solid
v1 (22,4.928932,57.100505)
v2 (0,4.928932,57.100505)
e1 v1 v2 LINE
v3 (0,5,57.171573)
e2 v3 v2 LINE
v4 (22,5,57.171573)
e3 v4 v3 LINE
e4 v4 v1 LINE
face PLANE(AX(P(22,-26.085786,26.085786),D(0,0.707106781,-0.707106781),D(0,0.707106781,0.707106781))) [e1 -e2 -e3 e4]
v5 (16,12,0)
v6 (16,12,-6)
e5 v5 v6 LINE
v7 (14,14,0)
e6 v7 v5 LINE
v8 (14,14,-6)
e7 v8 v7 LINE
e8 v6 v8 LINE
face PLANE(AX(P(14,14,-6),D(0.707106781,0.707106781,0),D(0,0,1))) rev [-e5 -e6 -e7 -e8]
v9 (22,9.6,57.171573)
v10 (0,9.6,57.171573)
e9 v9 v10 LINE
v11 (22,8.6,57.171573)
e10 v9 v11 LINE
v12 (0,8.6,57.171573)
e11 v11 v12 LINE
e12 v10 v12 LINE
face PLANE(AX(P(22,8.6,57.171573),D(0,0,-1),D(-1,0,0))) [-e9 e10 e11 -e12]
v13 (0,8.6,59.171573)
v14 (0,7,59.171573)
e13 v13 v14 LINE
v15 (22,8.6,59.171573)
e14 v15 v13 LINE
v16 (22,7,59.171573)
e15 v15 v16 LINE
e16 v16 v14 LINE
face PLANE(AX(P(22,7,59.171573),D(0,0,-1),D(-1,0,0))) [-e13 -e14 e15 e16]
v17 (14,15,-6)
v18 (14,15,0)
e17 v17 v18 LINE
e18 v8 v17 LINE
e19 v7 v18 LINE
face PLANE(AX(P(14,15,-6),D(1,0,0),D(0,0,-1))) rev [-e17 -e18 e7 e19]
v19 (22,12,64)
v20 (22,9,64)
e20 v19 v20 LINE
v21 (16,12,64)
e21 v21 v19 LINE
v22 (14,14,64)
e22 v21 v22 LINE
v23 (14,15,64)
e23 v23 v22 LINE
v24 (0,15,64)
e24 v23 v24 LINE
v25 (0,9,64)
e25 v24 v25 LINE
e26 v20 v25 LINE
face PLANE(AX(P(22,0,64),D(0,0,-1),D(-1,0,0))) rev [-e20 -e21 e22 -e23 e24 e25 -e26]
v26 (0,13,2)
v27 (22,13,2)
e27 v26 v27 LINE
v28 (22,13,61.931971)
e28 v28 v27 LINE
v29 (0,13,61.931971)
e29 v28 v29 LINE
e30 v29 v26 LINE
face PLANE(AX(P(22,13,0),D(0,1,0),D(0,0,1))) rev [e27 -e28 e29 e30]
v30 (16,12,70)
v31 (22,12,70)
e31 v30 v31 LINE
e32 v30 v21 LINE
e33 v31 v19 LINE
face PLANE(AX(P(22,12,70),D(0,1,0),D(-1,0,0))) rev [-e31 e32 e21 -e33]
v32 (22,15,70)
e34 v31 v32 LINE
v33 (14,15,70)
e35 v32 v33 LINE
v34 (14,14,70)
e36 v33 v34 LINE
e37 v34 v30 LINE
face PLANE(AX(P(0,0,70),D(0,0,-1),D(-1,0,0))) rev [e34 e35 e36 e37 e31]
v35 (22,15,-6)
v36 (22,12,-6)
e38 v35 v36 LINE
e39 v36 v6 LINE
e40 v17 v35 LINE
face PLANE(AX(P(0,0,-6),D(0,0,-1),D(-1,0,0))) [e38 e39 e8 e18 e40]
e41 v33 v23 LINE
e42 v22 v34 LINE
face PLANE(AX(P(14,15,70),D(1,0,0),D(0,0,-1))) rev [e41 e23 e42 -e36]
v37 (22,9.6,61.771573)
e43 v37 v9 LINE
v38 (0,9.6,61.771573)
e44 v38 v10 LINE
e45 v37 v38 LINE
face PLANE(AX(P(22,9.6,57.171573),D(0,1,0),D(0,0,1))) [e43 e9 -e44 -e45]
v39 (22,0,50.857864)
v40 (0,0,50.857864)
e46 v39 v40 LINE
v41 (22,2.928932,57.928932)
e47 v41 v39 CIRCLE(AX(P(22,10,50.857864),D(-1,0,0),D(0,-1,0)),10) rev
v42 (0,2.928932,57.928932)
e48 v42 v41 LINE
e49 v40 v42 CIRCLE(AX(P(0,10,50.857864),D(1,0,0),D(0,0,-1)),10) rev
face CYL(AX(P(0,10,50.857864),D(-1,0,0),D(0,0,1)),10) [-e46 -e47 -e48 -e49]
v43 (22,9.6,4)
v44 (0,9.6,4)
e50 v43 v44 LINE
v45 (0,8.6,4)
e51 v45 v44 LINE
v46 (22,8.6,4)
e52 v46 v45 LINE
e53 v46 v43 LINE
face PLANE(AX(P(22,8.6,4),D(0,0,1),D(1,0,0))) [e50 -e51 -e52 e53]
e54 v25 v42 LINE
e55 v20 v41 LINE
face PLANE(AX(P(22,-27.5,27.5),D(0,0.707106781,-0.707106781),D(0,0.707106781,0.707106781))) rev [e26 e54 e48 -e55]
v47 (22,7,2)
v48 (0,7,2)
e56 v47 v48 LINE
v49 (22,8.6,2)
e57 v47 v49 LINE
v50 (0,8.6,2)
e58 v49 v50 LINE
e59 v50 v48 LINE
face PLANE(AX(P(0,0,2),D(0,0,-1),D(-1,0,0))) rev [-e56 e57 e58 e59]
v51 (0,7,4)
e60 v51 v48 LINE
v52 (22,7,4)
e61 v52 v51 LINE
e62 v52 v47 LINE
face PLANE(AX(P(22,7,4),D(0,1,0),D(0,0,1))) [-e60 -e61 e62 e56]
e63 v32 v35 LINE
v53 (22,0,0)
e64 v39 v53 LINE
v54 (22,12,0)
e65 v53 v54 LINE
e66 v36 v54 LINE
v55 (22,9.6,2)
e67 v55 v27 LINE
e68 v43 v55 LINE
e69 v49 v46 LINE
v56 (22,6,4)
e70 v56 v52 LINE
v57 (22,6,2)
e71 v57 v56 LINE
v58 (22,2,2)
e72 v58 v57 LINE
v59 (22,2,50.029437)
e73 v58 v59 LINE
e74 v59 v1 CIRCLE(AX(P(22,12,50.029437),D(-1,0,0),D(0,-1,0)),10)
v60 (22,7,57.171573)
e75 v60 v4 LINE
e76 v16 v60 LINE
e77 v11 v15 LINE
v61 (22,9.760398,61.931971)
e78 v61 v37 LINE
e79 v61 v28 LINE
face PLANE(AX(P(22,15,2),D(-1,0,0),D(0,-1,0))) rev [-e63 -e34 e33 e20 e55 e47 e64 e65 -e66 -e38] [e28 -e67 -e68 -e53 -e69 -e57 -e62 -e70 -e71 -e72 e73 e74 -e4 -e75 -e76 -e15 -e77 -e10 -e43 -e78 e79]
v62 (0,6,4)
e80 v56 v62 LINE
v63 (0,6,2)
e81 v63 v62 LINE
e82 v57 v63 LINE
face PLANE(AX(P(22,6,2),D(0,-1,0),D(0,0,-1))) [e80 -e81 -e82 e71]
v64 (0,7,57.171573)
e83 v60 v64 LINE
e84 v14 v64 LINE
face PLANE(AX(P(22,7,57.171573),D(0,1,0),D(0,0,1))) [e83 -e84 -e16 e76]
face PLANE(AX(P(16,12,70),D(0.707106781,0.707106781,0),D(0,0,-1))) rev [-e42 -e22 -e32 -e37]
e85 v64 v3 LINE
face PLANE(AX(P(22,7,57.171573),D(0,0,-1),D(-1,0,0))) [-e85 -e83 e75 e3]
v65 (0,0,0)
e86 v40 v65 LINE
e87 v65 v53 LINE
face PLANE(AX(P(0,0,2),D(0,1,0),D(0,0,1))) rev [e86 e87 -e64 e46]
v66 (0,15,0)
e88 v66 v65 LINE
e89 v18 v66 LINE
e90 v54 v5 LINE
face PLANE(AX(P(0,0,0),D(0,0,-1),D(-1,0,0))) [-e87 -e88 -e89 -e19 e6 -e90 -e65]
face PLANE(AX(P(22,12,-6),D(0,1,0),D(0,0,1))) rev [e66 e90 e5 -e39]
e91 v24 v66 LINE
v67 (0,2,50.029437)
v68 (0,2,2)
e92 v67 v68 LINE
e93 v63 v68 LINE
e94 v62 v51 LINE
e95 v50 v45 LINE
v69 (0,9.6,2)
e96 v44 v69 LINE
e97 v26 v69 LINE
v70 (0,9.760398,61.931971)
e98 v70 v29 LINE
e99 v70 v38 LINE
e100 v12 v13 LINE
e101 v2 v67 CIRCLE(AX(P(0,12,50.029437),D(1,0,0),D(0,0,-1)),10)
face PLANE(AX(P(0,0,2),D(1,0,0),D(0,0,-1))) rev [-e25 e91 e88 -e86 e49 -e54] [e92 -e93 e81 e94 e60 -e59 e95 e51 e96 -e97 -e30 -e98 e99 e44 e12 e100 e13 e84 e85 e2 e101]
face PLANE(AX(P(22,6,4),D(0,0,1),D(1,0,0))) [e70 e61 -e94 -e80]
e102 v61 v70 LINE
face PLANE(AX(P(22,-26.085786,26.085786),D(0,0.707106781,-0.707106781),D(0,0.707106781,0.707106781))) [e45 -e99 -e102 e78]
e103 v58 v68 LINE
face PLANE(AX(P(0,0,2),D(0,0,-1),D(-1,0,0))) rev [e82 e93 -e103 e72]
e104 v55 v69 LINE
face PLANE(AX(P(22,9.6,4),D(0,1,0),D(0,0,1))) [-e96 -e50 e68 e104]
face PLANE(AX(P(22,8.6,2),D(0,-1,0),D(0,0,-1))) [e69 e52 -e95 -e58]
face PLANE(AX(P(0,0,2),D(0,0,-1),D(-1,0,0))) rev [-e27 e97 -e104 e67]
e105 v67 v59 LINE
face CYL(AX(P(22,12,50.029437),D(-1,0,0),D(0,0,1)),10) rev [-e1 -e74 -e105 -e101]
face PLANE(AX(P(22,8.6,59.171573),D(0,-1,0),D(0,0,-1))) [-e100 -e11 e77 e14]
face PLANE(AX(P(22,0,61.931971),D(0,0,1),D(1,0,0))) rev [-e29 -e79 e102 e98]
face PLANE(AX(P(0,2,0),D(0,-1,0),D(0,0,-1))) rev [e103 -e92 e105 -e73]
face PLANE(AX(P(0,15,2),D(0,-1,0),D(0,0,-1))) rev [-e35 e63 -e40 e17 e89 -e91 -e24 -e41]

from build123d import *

# Parameters (mm, degrees)
SKETCH_1_W      = 22
SKETCH_1_H      = 15
EXTRUDE_1_DEPTH = 2
SKETCH_2_W      = 22
SKETCH_2_H      = 30
EXTRUDE_2_DEPTH = 2
EXTRUDE_3_DEPTH = 22
SKETCH_4_W      = 8
SKETCH_4_H      = 3
EXTRUDE_4_DEPTH = 6
SKETCH_5_W      = 8
SKETCH_5_H      = 3
EXTRUDE_5_DEPTH = 6
CHAMFER_1_SIZE  = 2
SKETCH_6_W      = 2
SKETCH_6_H      = 1
EXTRUDE_6_DEPTH = 22
FILLET_1_R      = 10


with BuildPart() as part:
    # 草图1 → 凸台-拉伸1 (new body)
    with BuildSketch(Plane.XY):
        with Locations((11, 7.5)):
            Rectangle(SKETCH_1_W, SKETCH_1_H)
    extrude(amount=EXTRUDE_1_DEPTH)

    # 草图2 → 凸台-拉伸2 (add)
    with BuildSketch(Plane.XZ):
        with Locations((11, 15)):
            Rectangle(SKETCH_2_W, SKETCH_2_H)
    extrude(amount=-EXTRUDE_2_DEPTH)

    # 草图3 → 凸台-拉伸3 (add)
    with BuildSketch(Plane.ZY):
        Polygon((64, 15), (0, 15), (0, 13), (61.931971091, 13), (61.931971091, 10.452580583), (61.931971091, 9.760398216), (60.906850806, 8.735277931), (55.196693161, 3.025120286), (54.171572875, 2), (53.479390508, 2), (30, 2), (30, 0), (55, 0), (64, 9), align=None)
    extrude(amount=-EXTRUDE_3_DEPTH)

    # 草图4 → 凸台-拉伸4 (add)
    with BuildSketch(Plane.XY.offset(64)):
        with Locations((18, 13.5)):
            Rectangle(SKETCH_4_W, SKETCH_4_H)
    extrude(amount=EXTRUDE_4_DEPTH)

    # 草图5 → 凸台-拉伸5 (add)
    with BuildSketch(Plane(origin=(0, 0, 0), x_dir=(-1, 0, 0), z_dir=(0, 0, -1))):
        with Locations((-18, 13.5)):
            Rectangle(SKETCH_5_W, SKETCH_5_H)
    extrude(amount=EXTRUDE_5_DEPTH)

    # 倒角1
    chamfer_1_edges = [part.edges().sort_by_distance(p)[0] for p in [
        (14, 12, 67),
        (14, 12, -3),
    ]]
    chamfer(chamfer_1_edges, length=CHAMFER_1_SIZE)

    # 草图6 → 凸台-拉伸6 (add)
    with BuildSketch(Plane.ZY):
        Polygon((57.171572875, 7), (59.171572875, 7), (59.171572875, 8.6), (57.171572875, 8.6), (57.171572875, 9.6), (61.771572875, 9.6), (61.771572875, 7.925359102), (60.513582407, 7.925359102), (60.513582407, 6.316484683), (59.171572875, 6.316484683), (59.171572875, 5), (57.171572875, 5), align=None)
        with Locations((3, 6.5)):
            Rectangle(SKETCH_6_W, SKETCH_6_H)
        with Locations((3, 9.1)):
            Rectangle(SKETCH_6_W, SKETCH_6_H)
    extrude(amount=-EXTRUDE_6_DEPTH)

    # 圆角1
    fillet_1_edges = [part.edges().sort_by_distance(p)[0] for p in [
        (11, 2, 54.171572875),
        (11, 0, 55),
    ]]
    fillet(fillet_1_edges, radius=FILLET_1_R)


solid = part.part
